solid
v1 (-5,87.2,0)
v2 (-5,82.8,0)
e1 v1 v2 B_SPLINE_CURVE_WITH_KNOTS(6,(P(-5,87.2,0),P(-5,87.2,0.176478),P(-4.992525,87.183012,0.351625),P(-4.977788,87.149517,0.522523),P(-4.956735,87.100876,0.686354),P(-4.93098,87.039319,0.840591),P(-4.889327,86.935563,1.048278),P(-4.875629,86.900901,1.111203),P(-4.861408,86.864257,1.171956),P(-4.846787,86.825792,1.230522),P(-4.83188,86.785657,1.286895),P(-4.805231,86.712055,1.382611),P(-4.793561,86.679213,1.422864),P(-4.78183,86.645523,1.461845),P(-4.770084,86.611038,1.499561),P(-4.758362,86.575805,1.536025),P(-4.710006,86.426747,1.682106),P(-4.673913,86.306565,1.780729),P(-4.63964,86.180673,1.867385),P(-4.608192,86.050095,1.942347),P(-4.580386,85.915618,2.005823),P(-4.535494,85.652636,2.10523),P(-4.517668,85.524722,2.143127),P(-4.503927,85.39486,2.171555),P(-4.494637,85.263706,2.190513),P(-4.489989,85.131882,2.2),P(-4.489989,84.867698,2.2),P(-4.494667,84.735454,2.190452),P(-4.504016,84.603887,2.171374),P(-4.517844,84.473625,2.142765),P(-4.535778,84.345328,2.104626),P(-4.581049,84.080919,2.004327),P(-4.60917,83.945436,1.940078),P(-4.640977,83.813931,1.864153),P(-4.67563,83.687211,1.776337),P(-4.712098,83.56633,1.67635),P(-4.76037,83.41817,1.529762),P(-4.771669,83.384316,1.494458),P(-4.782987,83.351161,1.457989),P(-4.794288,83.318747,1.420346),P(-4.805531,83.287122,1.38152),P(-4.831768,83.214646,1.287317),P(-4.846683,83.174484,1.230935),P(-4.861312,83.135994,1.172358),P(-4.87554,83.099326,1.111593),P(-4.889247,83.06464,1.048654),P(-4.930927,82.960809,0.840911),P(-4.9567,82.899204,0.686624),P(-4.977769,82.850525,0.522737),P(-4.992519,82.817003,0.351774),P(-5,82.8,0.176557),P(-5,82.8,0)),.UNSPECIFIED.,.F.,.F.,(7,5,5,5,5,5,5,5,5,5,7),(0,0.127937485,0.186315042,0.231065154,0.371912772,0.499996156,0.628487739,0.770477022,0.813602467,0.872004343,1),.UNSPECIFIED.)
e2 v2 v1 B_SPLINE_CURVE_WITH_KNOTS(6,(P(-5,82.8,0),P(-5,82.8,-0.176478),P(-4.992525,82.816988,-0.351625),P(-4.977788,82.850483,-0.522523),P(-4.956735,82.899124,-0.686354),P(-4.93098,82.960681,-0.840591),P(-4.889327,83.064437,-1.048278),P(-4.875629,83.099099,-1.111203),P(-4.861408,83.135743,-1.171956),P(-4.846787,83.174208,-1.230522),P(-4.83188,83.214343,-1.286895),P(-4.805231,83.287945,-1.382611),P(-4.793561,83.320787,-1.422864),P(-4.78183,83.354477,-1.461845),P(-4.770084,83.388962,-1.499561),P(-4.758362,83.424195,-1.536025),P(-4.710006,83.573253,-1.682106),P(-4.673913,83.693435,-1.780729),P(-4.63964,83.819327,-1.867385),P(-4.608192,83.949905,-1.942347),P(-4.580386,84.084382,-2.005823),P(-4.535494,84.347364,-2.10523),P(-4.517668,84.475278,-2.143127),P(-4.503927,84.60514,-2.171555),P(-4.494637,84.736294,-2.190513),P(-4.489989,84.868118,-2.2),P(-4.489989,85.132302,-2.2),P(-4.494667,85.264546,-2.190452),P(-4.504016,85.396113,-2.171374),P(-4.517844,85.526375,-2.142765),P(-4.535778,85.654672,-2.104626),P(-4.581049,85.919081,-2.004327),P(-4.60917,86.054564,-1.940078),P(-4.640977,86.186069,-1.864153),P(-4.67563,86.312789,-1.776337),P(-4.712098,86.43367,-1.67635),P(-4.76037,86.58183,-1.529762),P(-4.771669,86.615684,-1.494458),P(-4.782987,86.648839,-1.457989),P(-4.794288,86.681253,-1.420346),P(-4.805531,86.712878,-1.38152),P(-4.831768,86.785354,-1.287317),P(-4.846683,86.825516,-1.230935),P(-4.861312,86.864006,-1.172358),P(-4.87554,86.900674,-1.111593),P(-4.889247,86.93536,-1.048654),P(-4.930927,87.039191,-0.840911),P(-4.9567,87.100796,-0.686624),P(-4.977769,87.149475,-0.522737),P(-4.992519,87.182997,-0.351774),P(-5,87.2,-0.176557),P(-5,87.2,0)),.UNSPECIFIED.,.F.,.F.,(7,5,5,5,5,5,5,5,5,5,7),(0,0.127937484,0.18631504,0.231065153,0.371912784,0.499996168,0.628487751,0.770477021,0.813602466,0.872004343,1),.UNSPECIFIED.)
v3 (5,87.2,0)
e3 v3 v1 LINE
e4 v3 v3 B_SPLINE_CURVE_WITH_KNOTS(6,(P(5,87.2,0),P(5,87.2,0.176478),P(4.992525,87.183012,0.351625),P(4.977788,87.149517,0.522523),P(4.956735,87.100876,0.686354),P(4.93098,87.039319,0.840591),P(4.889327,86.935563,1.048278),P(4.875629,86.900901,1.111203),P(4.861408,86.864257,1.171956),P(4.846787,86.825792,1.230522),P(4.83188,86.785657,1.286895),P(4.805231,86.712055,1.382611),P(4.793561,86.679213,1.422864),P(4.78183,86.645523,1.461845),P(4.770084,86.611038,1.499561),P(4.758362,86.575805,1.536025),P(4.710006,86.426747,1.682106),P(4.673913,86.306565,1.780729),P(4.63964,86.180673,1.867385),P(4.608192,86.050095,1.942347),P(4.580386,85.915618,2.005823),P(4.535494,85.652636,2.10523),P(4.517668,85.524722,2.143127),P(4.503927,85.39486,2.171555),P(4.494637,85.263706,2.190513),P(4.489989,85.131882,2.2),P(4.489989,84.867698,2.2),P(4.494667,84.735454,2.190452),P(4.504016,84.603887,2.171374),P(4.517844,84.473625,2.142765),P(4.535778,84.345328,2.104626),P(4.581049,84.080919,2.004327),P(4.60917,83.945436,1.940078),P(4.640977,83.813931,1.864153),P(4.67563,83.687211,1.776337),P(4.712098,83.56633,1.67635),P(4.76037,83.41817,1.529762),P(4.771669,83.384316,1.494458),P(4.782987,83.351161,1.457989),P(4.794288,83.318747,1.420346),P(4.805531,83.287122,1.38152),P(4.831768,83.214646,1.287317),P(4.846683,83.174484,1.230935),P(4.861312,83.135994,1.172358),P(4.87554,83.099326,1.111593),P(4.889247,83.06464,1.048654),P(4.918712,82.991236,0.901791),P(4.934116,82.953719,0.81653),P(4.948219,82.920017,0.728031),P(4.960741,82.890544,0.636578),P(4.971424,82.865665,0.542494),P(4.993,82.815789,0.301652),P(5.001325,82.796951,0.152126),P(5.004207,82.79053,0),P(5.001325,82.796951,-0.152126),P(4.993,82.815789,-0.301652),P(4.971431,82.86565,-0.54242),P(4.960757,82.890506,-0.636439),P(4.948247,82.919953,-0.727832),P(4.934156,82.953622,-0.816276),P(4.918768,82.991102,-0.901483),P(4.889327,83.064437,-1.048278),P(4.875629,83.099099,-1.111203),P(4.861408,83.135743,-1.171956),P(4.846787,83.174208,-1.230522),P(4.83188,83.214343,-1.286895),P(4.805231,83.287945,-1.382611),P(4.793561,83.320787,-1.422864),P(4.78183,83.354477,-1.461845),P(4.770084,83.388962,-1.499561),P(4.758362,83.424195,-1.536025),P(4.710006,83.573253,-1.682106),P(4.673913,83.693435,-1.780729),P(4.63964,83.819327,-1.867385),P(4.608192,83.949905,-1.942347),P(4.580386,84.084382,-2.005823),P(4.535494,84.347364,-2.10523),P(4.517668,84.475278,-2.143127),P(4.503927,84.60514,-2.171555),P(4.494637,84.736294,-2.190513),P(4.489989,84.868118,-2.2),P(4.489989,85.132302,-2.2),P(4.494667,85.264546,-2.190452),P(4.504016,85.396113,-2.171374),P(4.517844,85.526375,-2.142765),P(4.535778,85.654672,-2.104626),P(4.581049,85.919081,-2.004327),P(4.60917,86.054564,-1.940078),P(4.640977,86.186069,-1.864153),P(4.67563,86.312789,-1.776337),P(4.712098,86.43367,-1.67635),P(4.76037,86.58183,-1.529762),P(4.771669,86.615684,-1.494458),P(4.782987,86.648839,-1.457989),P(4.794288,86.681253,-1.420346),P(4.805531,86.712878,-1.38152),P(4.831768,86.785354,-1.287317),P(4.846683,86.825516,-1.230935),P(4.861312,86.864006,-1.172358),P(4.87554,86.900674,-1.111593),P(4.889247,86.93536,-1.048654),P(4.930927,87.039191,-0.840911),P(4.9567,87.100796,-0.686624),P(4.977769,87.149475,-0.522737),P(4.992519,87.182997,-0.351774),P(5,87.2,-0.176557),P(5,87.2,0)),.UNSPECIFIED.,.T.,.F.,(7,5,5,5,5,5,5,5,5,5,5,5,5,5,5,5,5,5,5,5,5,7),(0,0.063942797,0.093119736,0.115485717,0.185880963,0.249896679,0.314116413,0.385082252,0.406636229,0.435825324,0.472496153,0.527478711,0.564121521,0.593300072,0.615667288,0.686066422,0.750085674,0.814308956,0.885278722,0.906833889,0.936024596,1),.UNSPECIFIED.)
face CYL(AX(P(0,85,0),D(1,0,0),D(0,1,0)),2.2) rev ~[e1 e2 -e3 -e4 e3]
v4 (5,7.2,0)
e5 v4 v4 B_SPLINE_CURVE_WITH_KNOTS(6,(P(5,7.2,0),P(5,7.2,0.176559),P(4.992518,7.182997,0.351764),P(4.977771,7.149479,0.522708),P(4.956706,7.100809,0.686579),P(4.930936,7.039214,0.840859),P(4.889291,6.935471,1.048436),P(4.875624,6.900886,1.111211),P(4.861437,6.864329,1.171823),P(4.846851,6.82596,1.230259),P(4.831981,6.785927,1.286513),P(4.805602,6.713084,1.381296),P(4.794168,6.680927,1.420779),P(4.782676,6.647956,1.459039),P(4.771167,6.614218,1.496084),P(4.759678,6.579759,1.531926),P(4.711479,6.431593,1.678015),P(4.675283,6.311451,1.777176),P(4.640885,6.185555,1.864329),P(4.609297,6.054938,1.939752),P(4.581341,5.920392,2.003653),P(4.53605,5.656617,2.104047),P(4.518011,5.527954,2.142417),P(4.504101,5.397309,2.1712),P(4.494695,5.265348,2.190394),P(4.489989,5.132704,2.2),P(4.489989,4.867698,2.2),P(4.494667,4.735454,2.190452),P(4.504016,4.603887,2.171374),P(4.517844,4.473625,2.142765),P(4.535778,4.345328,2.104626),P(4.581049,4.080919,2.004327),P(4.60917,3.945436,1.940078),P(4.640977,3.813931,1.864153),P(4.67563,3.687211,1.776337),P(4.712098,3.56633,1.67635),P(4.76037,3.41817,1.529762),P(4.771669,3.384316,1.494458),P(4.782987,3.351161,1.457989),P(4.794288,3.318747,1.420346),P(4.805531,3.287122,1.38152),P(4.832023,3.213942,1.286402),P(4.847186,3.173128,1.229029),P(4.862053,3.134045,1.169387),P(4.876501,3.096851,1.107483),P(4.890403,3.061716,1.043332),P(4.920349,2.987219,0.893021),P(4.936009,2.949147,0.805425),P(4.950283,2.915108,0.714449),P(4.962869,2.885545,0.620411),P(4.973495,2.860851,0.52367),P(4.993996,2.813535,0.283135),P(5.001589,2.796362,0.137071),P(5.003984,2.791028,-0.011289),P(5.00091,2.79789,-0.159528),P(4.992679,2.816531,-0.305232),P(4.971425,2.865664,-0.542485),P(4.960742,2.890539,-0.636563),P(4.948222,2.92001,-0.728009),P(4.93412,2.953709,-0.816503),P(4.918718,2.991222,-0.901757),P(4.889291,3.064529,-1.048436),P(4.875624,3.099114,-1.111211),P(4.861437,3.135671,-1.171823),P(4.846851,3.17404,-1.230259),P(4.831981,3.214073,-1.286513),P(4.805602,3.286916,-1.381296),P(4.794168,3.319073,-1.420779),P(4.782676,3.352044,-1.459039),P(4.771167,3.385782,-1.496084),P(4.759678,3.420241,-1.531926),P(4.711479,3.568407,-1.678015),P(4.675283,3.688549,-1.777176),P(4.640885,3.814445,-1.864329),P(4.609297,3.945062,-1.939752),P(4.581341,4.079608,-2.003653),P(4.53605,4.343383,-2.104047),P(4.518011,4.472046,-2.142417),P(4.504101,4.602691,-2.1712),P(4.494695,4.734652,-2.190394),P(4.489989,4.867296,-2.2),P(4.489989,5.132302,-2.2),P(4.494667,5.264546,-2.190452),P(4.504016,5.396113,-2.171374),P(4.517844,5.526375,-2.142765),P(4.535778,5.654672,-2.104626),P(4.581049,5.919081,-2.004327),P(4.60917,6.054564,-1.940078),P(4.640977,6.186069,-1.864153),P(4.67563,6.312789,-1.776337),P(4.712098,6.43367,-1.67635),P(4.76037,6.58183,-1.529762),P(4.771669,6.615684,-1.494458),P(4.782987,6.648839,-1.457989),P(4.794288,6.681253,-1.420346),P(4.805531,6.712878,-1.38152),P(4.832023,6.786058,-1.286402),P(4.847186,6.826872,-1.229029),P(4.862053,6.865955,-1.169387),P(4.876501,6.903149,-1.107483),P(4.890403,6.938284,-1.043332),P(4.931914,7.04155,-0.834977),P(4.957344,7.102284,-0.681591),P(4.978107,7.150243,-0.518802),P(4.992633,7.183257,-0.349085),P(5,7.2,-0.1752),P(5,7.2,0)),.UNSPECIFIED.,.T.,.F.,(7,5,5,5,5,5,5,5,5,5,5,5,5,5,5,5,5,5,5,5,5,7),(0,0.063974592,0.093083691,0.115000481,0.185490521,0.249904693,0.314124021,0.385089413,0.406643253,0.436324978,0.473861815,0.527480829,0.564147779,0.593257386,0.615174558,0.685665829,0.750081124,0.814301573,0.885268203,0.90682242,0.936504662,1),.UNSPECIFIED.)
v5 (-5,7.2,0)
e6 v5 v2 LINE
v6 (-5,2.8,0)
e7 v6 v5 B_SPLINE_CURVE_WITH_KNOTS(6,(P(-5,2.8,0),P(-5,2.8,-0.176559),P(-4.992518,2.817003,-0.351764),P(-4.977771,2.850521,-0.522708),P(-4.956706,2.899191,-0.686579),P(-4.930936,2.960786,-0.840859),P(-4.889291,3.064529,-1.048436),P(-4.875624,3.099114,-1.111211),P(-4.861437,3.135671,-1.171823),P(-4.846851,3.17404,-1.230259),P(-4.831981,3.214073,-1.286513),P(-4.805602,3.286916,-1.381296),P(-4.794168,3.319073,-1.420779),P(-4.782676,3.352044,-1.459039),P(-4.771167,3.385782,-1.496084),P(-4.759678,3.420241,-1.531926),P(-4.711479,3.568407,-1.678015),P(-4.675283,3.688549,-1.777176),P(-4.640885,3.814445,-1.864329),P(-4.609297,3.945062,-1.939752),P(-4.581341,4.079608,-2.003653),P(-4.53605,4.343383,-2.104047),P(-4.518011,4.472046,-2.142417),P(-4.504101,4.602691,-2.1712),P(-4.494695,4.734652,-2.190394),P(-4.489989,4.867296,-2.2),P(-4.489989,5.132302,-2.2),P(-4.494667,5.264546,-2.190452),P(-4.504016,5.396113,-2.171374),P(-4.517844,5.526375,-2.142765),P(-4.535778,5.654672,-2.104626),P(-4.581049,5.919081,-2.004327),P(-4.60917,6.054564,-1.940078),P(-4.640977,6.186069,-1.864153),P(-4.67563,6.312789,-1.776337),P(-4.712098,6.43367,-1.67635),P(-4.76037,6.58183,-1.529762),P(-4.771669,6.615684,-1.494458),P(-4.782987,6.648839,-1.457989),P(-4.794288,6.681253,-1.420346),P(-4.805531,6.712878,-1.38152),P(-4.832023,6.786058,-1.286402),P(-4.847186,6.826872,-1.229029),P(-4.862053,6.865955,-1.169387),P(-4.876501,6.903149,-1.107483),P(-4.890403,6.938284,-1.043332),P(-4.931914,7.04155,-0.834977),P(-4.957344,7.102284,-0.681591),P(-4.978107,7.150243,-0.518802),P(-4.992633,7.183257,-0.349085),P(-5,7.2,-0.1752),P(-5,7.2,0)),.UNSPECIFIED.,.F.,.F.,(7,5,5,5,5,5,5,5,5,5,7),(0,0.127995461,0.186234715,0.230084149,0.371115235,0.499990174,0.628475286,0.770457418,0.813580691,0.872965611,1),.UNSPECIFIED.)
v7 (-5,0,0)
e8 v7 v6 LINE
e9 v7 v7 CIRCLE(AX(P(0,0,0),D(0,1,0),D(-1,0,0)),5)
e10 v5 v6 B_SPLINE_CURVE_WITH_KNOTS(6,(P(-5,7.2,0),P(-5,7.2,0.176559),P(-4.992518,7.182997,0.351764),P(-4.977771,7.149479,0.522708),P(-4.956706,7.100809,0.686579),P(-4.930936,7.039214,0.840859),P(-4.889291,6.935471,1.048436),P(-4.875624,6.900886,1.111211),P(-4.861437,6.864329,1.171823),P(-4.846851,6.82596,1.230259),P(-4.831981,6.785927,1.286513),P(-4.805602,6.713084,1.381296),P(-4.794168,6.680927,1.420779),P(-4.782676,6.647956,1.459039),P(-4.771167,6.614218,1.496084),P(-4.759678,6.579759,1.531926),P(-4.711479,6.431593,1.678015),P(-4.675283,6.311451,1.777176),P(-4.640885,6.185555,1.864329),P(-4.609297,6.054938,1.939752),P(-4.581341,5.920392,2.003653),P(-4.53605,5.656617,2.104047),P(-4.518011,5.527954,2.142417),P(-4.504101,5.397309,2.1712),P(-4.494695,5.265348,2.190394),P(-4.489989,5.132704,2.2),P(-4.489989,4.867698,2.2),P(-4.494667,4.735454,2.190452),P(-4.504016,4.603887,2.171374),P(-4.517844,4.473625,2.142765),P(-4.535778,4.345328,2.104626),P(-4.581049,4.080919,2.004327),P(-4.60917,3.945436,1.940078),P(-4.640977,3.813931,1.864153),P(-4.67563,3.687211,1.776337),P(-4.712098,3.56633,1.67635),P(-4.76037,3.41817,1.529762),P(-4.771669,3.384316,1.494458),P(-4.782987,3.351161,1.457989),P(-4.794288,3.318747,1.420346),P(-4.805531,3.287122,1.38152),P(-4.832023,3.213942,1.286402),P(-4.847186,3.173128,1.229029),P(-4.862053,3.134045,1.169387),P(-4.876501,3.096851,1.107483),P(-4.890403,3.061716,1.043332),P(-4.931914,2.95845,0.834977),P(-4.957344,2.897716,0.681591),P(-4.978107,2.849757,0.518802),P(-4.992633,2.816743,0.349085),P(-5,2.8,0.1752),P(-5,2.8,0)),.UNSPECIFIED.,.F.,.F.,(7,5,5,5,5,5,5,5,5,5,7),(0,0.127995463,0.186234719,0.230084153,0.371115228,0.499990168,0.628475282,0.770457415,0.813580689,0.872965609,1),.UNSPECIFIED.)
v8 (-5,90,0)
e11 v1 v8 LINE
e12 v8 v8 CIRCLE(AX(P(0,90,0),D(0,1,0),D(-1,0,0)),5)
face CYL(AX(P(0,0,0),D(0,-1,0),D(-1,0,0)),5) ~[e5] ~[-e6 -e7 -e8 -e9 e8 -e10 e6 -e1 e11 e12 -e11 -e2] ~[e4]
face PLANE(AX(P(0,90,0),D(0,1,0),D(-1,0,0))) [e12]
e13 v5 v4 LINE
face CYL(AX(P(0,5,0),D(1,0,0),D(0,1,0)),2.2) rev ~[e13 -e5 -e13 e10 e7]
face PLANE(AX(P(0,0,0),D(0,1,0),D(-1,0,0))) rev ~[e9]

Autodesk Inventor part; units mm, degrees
ref_plane "YZ Plane" through (0, 0, 0) normal (1, 0, 0) x (0, 1, 0)
ref_plane "XZ Plane" through (0, 0, 0) normal (0, 1, 0) x (-1, 0, 0)
ref_plane "XY Plane" through (0, 0, 0) normal (0, 0, 1) x (1, 0, 0)
sketch "Szkic2" plane through (0, 0, 0) normal (0, 1, 0) x (-1, 0, 0)
  circle A0 centre (0, 0) radius 5
  dimension "d6" = 10
extrude "Wyciągnięcie proste2" add sketch "Szkic2" along normal blind 90
sketch "Szkic3" plane through (0, 0, 0) normal (1, 0, 0) x (0, 1, 0)
  line L0 (0, 0) -> (5, 0)
  line L1 (90, -5) -> (90, 5) projected
  line L2 (90, 0) -> (85, 0)
  circle A0 centre (85, 0) radius 2.2
  circle A1 centre (5, 0) radius 2.2
  dimension "d9" = 5
  dimension "d10" = 5
  dimension "d11" = 4.4
  dimension "d12" = 4.4
extrude "Wyciągnięcie proste3" cut sketch "Szkic3" along normal mid plane 22.5
properties part number "tibia"
